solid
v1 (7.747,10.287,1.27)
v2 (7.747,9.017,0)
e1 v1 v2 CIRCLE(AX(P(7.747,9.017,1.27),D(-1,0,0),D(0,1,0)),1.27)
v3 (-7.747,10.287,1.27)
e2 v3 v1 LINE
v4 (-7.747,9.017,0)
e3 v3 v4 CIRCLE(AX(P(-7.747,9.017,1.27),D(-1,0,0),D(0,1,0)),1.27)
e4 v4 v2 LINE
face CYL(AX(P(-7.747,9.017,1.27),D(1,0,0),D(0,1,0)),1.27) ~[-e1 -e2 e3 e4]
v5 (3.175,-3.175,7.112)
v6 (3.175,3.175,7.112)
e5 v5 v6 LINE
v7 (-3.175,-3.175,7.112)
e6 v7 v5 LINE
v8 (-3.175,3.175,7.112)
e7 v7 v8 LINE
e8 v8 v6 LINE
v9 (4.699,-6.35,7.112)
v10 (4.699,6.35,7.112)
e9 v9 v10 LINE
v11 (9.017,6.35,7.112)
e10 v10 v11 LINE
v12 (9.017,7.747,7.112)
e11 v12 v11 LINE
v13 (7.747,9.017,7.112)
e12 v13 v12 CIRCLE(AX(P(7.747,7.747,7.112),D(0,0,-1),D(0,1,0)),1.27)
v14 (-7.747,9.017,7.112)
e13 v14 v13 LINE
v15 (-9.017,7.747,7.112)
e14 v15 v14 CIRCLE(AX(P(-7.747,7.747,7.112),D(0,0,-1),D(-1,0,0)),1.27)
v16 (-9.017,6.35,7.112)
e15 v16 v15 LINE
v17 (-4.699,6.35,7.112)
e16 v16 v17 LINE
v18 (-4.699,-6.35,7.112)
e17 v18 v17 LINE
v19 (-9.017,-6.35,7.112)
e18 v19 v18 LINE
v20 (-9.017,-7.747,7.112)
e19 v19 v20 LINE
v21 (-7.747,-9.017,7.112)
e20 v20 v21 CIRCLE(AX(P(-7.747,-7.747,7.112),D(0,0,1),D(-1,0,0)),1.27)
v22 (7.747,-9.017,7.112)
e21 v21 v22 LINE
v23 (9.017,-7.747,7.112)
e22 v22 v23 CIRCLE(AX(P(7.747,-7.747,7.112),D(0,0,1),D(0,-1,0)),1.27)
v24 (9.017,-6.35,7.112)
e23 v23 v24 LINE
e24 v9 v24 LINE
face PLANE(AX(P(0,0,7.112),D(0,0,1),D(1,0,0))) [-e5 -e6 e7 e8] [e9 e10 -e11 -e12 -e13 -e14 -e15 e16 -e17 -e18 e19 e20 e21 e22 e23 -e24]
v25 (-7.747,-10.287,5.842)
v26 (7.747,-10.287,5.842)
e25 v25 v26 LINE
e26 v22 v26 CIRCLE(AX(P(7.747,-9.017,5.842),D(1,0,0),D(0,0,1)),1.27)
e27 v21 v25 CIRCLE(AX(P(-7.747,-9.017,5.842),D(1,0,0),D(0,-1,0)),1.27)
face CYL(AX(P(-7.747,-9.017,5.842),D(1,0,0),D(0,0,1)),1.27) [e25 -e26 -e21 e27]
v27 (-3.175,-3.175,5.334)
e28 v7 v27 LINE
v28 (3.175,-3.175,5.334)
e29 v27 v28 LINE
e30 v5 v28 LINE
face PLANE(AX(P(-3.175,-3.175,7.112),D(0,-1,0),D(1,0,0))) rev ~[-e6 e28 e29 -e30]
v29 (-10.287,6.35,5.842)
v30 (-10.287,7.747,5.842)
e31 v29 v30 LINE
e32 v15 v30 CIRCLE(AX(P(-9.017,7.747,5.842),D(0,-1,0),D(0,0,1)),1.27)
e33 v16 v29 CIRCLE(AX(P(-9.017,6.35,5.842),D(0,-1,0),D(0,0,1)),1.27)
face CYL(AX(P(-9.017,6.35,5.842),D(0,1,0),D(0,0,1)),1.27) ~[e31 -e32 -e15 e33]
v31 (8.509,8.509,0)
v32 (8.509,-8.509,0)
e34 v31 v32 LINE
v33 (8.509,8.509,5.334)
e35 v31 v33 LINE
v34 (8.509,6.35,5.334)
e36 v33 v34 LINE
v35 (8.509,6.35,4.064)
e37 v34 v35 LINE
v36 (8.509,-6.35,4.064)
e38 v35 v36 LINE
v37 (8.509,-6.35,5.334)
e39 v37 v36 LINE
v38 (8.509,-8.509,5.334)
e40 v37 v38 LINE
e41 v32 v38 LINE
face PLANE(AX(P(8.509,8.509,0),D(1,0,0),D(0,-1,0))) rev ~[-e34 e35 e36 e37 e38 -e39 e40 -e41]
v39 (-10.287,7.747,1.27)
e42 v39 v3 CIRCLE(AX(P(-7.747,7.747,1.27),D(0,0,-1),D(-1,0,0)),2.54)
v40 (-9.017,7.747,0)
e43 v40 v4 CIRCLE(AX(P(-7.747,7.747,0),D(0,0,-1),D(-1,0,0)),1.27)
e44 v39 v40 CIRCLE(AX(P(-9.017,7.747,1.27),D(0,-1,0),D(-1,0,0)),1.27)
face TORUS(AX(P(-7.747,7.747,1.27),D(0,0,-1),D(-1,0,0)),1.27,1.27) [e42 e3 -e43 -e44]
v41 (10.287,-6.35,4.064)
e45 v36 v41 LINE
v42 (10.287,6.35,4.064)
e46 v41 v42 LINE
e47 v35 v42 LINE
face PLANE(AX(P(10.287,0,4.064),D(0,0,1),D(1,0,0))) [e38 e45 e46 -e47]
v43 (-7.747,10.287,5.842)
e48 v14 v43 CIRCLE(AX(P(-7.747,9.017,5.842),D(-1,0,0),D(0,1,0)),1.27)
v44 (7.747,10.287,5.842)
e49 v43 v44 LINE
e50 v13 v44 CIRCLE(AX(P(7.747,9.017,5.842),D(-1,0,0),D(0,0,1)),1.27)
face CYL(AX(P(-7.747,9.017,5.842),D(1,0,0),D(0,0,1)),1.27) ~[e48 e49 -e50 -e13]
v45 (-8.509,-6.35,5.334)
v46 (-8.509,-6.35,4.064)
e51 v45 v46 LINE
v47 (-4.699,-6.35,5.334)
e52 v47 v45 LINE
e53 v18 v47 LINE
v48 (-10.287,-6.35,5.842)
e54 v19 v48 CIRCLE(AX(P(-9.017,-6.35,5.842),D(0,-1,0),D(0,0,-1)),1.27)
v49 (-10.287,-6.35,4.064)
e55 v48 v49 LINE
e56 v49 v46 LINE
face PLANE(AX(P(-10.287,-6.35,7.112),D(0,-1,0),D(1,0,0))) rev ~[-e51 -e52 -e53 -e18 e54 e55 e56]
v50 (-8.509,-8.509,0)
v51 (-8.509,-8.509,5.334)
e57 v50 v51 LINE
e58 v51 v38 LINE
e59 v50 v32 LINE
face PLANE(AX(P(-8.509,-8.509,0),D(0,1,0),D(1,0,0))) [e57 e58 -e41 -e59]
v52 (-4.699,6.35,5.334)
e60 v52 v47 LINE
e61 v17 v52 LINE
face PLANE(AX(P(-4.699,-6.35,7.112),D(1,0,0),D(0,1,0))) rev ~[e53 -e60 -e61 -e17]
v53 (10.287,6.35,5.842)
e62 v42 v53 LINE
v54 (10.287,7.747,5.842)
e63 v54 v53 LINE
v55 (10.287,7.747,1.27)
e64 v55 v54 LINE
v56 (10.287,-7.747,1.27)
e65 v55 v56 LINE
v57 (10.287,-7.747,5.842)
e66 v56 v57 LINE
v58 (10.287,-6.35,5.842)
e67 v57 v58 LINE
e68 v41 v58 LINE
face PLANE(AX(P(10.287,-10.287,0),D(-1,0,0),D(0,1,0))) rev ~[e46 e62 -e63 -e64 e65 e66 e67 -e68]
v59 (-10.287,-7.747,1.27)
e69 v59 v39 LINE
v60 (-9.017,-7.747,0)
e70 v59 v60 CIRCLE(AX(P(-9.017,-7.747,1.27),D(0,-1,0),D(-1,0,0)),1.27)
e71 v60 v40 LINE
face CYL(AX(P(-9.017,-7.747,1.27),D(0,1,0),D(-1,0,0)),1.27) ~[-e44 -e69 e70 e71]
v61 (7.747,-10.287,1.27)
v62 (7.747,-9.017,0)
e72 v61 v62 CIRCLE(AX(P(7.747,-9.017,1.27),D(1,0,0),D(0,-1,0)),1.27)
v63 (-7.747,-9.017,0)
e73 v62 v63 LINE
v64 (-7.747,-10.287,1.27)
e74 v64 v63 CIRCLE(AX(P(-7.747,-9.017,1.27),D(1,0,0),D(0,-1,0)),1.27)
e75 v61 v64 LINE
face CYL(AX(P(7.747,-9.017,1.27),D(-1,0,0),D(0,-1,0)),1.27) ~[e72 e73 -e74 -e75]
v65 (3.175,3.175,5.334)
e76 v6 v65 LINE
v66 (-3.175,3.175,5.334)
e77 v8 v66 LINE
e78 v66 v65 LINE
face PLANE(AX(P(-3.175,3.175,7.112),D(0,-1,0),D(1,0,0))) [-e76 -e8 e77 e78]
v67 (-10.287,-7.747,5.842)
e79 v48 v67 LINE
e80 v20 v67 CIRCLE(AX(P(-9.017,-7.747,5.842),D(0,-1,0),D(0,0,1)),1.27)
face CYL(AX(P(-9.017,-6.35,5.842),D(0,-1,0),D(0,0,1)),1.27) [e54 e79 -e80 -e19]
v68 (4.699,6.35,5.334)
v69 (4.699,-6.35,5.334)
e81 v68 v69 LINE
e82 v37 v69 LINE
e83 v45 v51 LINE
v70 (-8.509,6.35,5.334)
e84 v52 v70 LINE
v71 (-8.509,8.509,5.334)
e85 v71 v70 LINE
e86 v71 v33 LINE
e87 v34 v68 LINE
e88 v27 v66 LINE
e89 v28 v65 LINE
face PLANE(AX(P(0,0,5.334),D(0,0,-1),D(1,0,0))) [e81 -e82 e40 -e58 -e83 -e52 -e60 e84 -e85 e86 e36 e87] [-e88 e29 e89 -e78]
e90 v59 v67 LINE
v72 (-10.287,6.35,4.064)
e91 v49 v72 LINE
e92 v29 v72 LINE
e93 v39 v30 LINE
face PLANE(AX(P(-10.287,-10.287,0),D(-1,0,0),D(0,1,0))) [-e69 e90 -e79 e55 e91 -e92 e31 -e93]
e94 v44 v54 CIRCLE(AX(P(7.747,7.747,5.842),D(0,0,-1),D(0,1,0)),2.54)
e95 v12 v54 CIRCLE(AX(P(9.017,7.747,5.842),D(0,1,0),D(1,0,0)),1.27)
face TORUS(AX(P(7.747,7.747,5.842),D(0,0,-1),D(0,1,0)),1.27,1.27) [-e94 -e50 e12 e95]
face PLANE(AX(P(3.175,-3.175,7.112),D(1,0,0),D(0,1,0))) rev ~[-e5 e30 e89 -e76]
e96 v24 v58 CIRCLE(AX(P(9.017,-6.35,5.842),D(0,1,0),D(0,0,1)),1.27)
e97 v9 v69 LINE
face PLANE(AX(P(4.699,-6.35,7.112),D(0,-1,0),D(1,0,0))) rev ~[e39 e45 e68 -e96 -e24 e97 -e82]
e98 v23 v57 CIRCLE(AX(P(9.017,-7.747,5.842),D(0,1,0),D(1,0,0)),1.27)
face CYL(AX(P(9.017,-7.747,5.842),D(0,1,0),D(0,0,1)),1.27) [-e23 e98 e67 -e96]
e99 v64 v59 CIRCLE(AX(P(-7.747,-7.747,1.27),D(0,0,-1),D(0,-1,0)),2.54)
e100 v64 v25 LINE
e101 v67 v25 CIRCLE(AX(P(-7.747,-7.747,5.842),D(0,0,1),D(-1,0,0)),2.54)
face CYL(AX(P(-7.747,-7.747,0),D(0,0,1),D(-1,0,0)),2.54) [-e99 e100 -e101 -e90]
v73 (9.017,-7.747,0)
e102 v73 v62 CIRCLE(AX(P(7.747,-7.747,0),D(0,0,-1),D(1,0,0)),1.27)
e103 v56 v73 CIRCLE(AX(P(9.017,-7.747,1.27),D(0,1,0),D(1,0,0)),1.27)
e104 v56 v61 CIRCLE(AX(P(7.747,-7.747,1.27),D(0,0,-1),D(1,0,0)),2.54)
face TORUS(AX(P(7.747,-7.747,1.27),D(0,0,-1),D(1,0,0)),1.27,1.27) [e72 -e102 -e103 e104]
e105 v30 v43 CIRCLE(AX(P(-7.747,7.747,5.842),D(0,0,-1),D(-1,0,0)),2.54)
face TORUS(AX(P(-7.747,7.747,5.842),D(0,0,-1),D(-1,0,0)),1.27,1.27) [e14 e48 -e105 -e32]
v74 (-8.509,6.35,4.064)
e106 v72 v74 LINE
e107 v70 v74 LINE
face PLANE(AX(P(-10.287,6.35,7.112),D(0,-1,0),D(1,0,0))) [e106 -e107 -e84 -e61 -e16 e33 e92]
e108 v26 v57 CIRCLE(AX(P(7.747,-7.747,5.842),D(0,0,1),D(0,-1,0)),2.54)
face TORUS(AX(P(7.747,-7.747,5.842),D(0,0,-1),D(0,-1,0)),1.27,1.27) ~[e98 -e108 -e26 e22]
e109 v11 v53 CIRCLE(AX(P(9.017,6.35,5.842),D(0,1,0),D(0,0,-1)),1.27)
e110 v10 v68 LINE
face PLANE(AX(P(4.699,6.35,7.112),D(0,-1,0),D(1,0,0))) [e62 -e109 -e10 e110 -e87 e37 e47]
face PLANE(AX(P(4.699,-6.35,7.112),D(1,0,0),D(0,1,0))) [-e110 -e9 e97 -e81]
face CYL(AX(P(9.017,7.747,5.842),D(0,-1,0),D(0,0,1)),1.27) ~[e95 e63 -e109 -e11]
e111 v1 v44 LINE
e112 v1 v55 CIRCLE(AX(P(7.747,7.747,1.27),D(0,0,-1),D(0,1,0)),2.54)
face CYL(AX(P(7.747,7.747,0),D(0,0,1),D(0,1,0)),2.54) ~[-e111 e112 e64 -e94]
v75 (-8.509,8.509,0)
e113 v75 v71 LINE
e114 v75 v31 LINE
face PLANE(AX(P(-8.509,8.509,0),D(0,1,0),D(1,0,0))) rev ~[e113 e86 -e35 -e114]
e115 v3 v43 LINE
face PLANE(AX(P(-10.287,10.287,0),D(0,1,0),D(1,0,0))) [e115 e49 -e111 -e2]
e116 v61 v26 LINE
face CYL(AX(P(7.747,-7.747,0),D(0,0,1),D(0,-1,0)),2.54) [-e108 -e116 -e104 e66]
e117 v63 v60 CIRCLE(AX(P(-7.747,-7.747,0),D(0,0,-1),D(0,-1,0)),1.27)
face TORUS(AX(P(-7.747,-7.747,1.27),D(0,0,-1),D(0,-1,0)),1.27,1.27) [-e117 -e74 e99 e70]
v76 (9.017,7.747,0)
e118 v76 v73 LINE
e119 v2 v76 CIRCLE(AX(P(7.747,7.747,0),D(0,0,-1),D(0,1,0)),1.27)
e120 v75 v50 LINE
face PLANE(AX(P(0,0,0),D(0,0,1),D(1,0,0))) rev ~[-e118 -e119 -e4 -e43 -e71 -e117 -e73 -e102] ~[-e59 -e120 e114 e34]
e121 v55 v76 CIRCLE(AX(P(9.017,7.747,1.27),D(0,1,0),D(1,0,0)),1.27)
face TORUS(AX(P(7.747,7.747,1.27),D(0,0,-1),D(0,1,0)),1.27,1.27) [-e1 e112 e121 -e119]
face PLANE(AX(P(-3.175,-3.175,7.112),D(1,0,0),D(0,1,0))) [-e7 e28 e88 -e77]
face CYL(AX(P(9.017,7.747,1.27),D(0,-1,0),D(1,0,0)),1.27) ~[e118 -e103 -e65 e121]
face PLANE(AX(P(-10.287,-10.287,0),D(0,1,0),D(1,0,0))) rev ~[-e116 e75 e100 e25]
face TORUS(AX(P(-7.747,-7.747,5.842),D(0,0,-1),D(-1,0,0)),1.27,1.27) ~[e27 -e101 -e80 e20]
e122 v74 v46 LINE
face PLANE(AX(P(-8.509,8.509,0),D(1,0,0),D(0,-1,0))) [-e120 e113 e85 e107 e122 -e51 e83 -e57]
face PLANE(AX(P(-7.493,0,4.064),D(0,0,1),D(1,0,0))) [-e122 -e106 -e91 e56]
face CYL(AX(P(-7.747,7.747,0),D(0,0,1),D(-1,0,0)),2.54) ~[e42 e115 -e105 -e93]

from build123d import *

# Parameters (mm, degrees)
F0_W      = 20.574
F0_H      = 20.574
F1_DEPTH  = 7.112
F2_W      = 17.018
F2_H      = 17.018
F3_DEPTH  = 5.334
F4_R      = 2.54
F5_W      = 5.588
F5_H      = 12.7
F6_DEPTH  = 3.048
F7_W      = 11.176
F7_H      = 12.7
F8_DEPTH  = 3.048
F9_W      = 6.35
F9_H      = 6.35
F10_DEPTH = 1.778
F11_R     = 1.27
F12_R     = 1.27


with BuildPart() as f1:
    # F0 (on Top) → F1 (new body)
    with BuildSketch(Plane.XY):
        Rectangle(F0_W, F0_H)
    extrude(amount=F1_DEPTH)

    # F2 (on face) → F3 (cut)
    with BuildSketch(Plane(origin=(0, 0, 0), x_dir=(1, 0, 0), z_dir=(0, 0, -1))):
        Rectangle(F2_W, F2_H)
    extrude(amount=-F3_DEPTH, mode=Mode.SUBTRACT)

    # F4
    f4_edges = [f1.edges().sort_by_distance(p)[0] for p in [
        (-10.287, -10.287, 3.556),
        (10.287, 10.287, 3.556),
        (10.287, -10.287, 3.556),
        (-10.287, 10.287, 3.556),
    ]]
    fillet(f4_edges, radius=F4_R)

    # F5 (on face) → F6 (cut)
    with BuildSketch(Plane.XY.offset(7.112)):
        with Locations((-7.493, 0)):
            Rectangle(F5_W, F5_H)
    extrude(amount=-F6_DEPTH, mode=Mode.SUBTRACT)

    # F7 (on face) → F8 (cut)
    with BuildSketch(Plane.XY.offset(7.112)):
        with Locations((10.287, 0)):
            Rectangle(F7_W, F7_H)
    extrude(amount=-F8_DEPTH, mode=Mode.SUBTRACT)

    # F9 (on face) → F10 (cut)
    with BuildSketch(Plane.XY.offset(7.112)):
        Rectangle(F9_W, F9_H)
    extrude(amount=-F10_DEPTH, mode=Mode.SUBTRACT)

    # F11
    f11_edges = [f1.edges().sort_by_distance(p)[0] for p in [
        (0, 10.287, 7.112),
        (0, -10.287, 7.112),
    ]]
    fillet(f11_edges, radius=F11_R)

    # F12
    f12_edges = [f1.edges().sort_by_distance(p)[0] for p in [
        (-10.287, 0, 0),
        (0, 10.287, 0),
        (-9.543051, 9.543051, 0),
    ]]
    fillet(f12_edges, radius=F12_R)


solid = f1.part
